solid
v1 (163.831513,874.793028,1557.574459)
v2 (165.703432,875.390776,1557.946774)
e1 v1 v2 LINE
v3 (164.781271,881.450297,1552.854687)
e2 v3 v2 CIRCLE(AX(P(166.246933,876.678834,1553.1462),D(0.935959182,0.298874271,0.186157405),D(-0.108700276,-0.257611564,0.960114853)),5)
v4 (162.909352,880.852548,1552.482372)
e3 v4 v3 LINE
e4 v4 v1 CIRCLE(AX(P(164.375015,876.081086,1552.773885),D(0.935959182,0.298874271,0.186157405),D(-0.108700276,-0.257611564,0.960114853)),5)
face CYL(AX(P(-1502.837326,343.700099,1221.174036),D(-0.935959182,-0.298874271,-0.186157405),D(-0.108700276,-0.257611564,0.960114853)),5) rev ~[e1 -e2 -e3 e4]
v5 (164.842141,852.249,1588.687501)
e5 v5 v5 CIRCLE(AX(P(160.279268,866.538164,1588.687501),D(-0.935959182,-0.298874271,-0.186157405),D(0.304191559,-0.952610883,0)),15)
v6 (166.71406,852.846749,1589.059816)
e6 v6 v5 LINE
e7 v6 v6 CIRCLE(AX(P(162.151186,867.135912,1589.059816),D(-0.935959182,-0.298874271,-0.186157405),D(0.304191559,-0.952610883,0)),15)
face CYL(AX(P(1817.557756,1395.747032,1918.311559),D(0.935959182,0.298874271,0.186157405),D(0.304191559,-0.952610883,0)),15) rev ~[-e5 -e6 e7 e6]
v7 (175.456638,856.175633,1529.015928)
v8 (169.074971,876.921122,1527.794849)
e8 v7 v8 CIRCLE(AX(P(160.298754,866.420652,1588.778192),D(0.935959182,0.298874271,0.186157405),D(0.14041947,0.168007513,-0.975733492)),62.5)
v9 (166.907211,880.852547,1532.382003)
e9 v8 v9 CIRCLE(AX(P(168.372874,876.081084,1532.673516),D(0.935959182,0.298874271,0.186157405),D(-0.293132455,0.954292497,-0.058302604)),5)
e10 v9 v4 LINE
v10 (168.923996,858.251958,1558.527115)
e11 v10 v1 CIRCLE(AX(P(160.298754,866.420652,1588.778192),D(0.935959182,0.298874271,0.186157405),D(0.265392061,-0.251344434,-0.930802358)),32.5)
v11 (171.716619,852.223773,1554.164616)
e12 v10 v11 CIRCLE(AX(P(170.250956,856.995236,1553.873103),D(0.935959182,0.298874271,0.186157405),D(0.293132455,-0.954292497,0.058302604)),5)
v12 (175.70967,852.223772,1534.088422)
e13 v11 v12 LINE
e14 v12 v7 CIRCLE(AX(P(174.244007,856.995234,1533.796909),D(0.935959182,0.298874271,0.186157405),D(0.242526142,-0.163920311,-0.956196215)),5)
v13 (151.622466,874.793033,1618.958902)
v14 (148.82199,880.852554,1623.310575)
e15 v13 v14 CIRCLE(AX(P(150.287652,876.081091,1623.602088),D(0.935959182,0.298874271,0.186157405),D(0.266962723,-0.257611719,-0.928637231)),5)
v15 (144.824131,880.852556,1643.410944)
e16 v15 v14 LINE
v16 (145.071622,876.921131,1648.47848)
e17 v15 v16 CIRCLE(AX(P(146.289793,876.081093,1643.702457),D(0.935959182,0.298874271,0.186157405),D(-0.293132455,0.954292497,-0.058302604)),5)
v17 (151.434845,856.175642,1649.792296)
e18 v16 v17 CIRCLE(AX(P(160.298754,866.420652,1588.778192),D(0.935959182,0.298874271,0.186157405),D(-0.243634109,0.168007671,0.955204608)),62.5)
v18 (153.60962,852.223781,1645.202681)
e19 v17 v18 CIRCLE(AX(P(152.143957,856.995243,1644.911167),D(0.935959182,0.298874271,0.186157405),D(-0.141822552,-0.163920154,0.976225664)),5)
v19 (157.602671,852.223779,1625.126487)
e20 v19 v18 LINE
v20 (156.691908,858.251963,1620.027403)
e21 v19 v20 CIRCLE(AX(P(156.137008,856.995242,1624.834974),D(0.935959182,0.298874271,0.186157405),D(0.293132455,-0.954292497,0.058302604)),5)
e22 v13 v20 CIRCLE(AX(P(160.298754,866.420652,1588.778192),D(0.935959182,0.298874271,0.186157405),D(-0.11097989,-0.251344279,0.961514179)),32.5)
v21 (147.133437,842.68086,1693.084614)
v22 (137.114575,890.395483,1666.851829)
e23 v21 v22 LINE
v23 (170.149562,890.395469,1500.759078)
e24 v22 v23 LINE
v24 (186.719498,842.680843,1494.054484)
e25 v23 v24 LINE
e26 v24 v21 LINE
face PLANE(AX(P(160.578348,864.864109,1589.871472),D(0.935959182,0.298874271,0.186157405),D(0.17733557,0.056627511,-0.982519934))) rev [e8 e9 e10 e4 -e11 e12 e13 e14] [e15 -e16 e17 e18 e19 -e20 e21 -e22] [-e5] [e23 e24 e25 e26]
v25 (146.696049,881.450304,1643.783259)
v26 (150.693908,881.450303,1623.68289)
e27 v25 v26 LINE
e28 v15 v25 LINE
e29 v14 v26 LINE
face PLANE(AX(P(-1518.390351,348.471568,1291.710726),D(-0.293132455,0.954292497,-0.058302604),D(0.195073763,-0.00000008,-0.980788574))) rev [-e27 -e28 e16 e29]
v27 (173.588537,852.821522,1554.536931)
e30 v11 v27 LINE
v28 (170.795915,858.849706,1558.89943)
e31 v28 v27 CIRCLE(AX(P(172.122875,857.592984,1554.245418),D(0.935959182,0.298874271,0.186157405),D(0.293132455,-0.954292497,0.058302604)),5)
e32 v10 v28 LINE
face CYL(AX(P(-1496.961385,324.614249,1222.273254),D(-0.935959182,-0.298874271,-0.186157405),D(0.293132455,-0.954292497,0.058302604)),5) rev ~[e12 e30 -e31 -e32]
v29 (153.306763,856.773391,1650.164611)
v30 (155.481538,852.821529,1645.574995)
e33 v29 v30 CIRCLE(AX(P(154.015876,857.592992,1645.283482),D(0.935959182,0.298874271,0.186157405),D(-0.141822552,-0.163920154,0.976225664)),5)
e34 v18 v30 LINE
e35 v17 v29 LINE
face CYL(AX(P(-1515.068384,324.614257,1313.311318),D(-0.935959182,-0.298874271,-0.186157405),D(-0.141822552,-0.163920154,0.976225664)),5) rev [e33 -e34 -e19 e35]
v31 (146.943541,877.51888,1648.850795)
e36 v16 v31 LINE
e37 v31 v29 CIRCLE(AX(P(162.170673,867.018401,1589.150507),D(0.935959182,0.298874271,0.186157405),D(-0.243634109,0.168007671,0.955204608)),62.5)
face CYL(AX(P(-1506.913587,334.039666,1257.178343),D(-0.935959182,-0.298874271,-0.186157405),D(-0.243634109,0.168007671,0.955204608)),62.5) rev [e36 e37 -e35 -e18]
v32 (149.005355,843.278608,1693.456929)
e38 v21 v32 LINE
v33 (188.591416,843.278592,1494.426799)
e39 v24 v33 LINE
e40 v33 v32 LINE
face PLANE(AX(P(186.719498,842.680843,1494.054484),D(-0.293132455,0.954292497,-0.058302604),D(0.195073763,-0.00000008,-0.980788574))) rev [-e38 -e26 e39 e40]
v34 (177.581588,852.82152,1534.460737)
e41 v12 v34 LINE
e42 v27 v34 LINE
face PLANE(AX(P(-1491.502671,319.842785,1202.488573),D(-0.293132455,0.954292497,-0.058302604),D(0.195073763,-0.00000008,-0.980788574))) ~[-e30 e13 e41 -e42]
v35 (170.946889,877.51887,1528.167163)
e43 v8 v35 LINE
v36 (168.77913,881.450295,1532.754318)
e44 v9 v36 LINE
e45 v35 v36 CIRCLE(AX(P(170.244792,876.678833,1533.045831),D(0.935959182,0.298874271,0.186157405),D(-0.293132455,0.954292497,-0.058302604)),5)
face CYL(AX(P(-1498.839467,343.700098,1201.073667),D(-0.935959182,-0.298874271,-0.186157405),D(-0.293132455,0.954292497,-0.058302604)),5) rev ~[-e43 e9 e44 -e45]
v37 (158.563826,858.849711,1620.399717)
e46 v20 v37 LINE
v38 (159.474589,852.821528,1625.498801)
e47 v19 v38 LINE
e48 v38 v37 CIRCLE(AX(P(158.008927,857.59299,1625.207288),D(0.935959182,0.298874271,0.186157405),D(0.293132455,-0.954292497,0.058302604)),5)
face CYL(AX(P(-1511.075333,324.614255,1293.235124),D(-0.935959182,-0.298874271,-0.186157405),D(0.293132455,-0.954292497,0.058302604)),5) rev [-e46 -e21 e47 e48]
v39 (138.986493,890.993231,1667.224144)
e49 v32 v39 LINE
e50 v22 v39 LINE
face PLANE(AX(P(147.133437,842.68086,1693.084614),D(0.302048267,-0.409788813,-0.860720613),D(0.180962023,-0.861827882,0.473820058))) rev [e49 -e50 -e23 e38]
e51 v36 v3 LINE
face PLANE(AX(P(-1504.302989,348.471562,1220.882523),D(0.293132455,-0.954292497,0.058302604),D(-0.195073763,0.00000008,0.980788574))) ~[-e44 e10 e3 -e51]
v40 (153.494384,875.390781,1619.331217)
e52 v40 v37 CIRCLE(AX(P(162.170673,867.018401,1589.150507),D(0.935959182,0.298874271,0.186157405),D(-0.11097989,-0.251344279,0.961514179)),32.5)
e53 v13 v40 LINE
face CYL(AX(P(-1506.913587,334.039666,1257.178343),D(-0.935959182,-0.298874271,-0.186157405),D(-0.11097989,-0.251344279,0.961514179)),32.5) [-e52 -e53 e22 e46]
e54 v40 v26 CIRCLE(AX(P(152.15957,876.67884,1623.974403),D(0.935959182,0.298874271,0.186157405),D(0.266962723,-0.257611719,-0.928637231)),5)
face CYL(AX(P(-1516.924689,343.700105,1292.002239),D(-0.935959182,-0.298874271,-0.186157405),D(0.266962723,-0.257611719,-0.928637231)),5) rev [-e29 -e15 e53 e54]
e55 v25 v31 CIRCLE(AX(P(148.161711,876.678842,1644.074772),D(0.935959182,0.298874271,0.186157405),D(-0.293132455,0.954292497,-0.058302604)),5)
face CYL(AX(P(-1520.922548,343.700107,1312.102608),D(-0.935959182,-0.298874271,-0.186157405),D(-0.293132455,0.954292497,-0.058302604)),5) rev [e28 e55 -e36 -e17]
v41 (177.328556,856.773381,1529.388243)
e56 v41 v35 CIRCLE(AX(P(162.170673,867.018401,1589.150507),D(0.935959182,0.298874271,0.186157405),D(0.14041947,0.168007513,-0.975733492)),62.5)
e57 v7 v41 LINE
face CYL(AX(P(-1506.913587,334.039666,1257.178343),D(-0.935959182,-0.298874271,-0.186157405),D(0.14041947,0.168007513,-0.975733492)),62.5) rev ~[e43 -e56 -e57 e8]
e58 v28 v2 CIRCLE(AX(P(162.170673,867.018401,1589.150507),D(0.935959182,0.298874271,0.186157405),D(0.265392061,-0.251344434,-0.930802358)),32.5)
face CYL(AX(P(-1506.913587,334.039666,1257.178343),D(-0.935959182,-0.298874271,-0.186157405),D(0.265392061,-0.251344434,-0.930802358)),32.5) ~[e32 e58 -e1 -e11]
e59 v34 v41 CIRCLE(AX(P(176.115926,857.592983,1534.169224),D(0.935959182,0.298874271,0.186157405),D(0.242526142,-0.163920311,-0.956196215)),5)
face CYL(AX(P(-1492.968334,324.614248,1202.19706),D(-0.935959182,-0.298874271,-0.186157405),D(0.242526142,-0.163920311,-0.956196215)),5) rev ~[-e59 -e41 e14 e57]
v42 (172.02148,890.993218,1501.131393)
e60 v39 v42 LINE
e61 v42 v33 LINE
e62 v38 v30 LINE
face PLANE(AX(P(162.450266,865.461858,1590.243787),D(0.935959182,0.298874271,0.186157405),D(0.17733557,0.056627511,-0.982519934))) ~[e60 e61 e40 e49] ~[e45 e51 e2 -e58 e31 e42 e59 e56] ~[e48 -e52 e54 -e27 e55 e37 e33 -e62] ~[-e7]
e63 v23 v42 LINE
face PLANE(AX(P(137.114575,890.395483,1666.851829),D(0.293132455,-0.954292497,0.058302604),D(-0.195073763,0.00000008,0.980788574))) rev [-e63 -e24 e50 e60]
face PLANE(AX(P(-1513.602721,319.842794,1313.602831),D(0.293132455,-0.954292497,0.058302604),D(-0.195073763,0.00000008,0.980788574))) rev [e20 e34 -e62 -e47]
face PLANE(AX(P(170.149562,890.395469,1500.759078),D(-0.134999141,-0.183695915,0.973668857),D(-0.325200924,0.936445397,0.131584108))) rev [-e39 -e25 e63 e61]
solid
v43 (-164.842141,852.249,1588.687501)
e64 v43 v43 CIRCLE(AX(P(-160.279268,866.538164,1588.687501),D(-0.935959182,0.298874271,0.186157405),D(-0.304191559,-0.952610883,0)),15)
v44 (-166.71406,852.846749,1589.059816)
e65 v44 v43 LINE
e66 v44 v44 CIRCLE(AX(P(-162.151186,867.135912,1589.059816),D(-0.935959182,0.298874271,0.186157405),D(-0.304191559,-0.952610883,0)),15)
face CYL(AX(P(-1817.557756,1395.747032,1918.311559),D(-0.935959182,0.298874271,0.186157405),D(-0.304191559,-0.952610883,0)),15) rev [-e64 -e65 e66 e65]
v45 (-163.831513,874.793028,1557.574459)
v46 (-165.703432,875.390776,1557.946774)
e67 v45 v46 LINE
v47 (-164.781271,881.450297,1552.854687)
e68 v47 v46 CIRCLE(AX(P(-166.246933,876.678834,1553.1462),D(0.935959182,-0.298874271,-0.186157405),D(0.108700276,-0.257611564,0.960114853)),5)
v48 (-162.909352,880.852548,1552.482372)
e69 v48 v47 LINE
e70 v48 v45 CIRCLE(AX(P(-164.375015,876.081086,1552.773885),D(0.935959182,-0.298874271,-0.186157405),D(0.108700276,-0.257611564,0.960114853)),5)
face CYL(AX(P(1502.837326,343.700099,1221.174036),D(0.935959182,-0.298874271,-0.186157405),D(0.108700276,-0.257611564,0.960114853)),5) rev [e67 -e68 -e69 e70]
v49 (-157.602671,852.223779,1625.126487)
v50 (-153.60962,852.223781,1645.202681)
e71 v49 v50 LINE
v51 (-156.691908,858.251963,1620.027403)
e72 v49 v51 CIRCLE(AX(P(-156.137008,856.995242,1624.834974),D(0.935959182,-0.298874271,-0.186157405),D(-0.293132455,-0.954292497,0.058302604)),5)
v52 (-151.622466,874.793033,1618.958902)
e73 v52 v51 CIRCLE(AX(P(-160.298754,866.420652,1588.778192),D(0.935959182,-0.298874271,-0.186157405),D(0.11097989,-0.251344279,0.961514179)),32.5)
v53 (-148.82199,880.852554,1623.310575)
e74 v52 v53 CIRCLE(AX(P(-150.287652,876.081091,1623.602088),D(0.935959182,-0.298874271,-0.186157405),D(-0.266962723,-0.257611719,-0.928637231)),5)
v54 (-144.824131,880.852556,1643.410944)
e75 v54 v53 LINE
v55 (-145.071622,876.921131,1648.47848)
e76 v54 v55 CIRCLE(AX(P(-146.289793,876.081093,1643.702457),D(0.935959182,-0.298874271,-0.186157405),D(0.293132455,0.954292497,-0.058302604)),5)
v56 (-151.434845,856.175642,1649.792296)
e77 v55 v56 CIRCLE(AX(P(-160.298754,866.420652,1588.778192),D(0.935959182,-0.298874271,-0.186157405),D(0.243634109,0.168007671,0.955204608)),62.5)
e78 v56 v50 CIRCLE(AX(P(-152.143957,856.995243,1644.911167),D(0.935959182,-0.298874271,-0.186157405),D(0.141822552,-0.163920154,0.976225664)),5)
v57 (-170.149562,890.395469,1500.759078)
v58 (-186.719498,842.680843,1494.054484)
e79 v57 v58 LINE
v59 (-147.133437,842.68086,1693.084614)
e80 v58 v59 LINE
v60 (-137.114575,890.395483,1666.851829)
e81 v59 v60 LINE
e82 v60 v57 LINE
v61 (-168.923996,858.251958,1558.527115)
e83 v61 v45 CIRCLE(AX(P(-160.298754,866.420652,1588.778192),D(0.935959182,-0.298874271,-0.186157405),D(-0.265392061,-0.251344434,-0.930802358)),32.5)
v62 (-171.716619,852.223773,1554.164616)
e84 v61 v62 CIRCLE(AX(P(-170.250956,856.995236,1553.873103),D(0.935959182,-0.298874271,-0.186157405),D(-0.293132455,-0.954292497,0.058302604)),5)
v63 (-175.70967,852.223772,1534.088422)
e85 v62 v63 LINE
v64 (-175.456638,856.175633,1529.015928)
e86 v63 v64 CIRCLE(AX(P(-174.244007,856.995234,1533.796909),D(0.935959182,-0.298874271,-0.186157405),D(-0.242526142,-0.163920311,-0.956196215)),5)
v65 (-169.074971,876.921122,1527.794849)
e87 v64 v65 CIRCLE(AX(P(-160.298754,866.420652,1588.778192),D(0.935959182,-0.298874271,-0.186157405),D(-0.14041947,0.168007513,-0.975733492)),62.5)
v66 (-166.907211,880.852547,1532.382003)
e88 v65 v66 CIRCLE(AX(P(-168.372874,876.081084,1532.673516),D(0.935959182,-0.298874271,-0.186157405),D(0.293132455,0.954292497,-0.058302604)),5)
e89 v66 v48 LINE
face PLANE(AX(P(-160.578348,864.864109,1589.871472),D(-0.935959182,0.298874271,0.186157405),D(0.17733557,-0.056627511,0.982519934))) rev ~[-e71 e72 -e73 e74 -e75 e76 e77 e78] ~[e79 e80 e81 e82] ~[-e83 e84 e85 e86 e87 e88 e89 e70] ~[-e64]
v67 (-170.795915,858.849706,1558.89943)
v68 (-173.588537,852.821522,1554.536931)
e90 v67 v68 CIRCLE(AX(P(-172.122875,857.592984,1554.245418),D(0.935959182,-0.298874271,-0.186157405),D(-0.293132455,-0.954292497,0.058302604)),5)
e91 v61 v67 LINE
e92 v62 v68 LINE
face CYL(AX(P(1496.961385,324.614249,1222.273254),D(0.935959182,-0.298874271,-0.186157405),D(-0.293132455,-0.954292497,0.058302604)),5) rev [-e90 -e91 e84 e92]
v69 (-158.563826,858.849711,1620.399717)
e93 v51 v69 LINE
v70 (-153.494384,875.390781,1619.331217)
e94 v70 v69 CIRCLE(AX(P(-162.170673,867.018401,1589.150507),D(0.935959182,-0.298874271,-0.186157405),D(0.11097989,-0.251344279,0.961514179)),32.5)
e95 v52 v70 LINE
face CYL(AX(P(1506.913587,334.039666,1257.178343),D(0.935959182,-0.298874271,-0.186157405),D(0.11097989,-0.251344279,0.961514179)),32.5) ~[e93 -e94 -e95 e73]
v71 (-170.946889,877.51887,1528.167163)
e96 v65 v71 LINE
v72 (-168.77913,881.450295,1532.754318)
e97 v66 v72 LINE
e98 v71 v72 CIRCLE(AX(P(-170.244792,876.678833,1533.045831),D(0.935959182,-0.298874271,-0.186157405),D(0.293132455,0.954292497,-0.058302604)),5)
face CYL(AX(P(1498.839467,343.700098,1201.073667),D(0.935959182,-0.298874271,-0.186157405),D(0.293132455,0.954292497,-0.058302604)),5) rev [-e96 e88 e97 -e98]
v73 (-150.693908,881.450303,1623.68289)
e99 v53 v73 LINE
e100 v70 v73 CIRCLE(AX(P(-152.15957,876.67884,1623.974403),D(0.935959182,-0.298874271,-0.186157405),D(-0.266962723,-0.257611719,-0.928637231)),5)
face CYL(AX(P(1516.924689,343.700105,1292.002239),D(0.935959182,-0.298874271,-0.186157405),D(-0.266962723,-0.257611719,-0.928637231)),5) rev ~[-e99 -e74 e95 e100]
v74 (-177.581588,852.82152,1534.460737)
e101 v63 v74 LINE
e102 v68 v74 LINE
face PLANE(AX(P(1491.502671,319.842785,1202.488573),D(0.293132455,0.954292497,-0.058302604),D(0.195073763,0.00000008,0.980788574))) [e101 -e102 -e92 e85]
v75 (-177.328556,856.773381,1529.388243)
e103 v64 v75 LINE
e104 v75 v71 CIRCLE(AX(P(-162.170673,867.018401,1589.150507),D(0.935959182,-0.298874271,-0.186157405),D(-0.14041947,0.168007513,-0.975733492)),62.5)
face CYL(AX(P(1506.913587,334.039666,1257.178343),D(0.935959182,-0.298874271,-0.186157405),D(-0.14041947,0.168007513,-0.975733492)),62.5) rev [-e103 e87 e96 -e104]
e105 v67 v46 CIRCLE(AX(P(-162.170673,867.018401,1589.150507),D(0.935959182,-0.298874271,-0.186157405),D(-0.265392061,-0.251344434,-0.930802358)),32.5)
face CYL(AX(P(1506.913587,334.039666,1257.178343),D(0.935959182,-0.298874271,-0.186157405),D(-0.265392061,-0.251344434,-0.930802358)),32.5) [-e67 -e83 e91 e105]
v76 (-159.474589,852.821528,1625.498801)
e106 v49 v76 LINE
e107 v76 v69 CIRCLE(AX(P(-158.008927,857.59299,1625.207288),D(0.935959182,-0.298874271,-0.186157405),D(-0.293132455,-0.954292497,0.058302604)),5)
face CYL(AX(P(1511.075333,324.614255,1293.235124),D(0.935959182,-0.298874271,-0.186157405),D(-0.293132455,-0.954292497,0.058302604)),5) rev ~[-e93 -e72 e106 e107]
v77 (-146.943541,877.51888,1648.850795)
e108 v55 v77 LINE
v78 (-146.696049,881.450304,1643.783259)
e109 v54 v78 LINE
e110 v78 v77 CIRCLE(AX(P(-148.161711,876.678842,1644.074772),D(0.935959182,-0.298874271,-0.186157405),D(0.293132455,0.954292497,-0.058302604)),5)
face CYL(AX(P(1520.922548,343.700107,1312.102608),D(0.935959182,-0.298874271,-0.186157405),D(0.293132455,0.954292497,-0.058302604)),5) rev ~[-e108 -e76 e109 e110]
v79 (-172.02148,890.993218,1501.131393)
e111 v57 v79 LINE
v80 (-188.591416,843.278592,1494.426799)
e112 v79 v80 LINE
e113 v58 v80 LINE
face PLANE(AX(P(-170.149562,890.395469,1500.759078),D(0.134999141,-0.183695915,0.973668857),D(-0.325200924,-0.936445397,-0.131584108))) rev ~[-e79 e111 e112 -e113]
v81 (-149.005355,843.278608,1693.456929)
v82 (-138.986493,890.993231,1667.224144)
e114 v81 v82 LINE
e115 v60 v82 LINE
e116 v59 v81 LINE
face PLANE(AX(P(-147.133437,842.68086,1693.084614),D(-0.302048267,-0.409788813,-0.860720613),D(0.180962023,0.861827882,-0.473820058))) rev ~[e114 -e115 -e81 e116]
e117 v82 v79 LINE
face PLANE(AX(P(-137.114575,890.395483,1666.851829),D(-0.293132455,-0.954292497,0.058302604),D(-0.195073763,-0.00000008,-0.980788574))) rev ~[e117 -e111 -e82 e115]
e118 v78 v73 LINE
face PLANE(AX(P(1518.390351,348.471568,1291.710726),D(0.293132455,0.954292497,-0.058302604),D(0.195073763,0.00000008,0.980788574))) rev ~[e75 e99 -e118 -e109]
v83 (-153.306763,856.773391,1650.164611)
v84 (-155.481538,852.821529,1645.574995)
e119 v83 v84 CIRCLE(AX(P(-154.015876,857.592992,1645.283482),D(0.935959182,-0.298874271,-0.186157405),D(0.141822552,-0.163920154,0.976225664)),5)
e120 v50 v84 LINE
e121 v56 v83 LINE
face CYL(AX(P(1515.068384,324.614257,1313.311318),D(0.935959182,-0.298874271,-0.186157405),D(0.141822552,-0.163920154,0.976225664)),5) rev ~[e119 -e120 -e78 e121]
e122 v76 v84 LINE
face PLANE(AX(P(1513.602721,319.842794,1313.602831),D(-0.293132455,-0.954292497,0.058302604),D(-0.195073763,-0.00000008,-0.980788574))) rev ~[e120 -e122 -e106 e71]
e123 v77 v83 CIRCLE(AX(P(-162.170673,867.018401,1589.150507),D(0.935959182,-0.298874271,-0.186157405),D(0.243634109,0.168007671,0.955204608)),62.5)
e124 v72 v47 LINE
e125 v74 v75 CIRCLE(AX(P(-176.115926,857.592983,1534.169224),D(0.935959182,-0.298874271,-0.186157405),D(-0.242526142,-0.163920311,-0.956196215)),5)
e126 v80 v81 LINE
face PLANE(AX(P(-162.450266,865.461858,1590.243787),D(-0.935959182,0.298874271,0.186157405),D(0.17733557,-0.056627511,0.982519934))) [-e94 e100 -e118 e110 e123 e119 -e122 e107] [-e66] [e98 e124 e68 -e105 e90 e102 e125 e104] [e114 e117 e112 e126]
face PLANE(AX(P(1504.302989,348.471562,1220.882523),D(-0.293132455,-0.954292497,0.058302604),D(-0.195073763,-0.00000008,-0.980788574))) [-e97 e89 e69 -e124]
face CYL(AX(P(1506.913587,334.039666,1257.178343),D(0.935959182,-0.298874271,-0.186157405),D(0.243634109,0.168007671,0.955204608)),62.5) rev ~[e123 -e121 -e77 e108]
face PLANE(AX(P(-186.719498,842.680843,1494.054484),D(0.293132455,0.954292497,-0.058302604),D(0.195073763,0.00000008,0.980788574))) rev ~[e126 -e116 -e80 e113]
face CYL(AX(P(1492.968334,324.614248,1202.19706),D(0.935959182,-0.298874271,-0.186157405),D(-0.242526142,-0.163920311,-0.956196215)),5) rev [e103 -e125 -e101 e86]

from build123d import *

# Parameters (mm, degrees)
BOSS_EXTRUDE1_DEPTH     = 2
CUT_EXTRUDE4_DEPTH      = 1783.373892428
CUT_EXTRUDE4_DEPTH_BACK = 1783.373892428
SKETCH3_R               = 15
CUT_EXTRUDE5_DEPTH      = 1783.287445841
CUT_EXTRUDE5_DEPTH_BACK = 1783.287445841


with BuildPart() as part:
    # Sketch1 → Boss-Extrude1 (new body)
    with BuildSketch(Plane(origin=(-659.614198676, 210.630673215, 131.193827815), x_dir=(-0.17733557040624176, 0.056627511437048535, -0.9825199338523061), z_dir=(0.9359591821601224, -0.2988742708017783, -0.1861574053935545))):
        Polygon((-1393.93126095, 796.442353721), (-1387.107384854, 745.948447334), (-1589.678471357, 757.99020856), (-1562.978977596, 806.49133097), align=None)
    extrude(amount=-BOSS_EXTRUDE1_DEPTH)

    # Sketch3 → Cut-Extrude4 (cut, two sides: drawn at the far end of the back side and taken through both)
    with BuildSketch(Plane(origin=(-647.727517063, 206.834969975, 128.829628767), x_dir=(-0.17733557040624176, 0.056627511437048535, -0.9825199338523061), z_dir=(0.9359591821601224, -0.2988742708017783, -0.1861574053935545)).offset(-CUT_EXTRUDE4_DEPTH_BACK)):
        with Locations(Location((-1483.424023689, 776.718085146, 0), (0, 0, 270))):
            Circle(SKETCH3_R)
    extrude(amount=CUT_EXTRUDE4_DEPTH + CUT_EXTRUDE4_DEPTH_BACK, mode=Mode.SUBTRACT)

    # Sketch6 → Cut-Extrude5 (cut, two sides: drawn at the far end of the back side and taken through both)
    with BuildSketch(Plane(origin=(-661.48611704, 211.228421756, 131.566142626), x_dir=(0.17733557040624248, -0.05662751143704847, 0.982519933852306), z_dir=(-0.9359591821601227, 0.298874270801777, 0.1861574053935552)).offset(-CUT_EXTRUDE5_DEPTH_BACK)):
        with BuildLine():
            Line((1446.574766594, 789.554074167), (1426.116791028, 788.337957587))
            ThreePointArc((1426.116791028, 788.337957587), (1422.982372867, 786.983722163), (1421.448026269, 783.933425242))
            ThreePointArc((1421.448026269, 783.933425242), (1421.118544819, 773.027161308), (1422.690830395, 762.229797319))
            ThreePointArc((1422.690830395, 762.229797319), (1424.572057657, 759.368085016), (1427.853569511, 758.388241524))
            Line((1427.853569511, 758.388241524), (1448.286940124, 759.602895472))
            ThreePointArc((1448.286940124, 759.602895472), (1452.137251214, 761.800824117), (1452.727052349, 766.194902))
            ThreePointArc((1452.727052349, 766.194902), (1451.067215368, 774.782216154), (1451.757447486, 783.501195612))
            ThreePointArc((1451.757447486, 783.501195612), (1450.66945389, 787.814851695), (1446.574766594, 789.554074167))
        make_face()
        with BuildLine():
            Line((1518.663078212, 793.839336445), (1539.121053778, 795.055453025))
            ThreePointArc((1539.121053778, 795.055453025), (1542.393835076, 794.082091137), (1544.27874665, 791.235050718))
            ThreePointArc((1544.27874665, 791.235050718), (1545.897979428, 780.44462736), (1545.615936818, 769.537033538))
            ThreePointArc((1545.615936818, 769.537033538), (1544.086986772, 766.472604542), (1540.94466742, 765.110898845))
            Line((1540.94466742, 765.110898845), (1520.511296807, 763.896244898))
            ThreePointArc((1520.511296807, 763.896244898), (1516.427711366, 765.622546079), (1515.321494808, 769.915804836))
            ThreePointArc((1515.321494808, 769.915804836), (1515.952298188, 778.639285235), (1514.233984221, 787.215089587))
            ThreePointArc((1514.233984221, 787.215089587), (1514.803274243, 791.627262264), (1518.663078212, 793.839336445))
        make_face()
    extrude(amount=CUT_EXTRUDE5_DEPTH + CUT_EXTRUDE5_DEPTH_BACK, mode=Mode.SUBTRACT)


with BuildPart() as body_2:
    # Mirror5: mirrored copy
    add(part.part.mirror(Plane(origin=(0, 0, 0), x_dir=(0, 0, 1), z_dir=(1, 0, 0))))


solid = Compound([part.part, body_2.part])
